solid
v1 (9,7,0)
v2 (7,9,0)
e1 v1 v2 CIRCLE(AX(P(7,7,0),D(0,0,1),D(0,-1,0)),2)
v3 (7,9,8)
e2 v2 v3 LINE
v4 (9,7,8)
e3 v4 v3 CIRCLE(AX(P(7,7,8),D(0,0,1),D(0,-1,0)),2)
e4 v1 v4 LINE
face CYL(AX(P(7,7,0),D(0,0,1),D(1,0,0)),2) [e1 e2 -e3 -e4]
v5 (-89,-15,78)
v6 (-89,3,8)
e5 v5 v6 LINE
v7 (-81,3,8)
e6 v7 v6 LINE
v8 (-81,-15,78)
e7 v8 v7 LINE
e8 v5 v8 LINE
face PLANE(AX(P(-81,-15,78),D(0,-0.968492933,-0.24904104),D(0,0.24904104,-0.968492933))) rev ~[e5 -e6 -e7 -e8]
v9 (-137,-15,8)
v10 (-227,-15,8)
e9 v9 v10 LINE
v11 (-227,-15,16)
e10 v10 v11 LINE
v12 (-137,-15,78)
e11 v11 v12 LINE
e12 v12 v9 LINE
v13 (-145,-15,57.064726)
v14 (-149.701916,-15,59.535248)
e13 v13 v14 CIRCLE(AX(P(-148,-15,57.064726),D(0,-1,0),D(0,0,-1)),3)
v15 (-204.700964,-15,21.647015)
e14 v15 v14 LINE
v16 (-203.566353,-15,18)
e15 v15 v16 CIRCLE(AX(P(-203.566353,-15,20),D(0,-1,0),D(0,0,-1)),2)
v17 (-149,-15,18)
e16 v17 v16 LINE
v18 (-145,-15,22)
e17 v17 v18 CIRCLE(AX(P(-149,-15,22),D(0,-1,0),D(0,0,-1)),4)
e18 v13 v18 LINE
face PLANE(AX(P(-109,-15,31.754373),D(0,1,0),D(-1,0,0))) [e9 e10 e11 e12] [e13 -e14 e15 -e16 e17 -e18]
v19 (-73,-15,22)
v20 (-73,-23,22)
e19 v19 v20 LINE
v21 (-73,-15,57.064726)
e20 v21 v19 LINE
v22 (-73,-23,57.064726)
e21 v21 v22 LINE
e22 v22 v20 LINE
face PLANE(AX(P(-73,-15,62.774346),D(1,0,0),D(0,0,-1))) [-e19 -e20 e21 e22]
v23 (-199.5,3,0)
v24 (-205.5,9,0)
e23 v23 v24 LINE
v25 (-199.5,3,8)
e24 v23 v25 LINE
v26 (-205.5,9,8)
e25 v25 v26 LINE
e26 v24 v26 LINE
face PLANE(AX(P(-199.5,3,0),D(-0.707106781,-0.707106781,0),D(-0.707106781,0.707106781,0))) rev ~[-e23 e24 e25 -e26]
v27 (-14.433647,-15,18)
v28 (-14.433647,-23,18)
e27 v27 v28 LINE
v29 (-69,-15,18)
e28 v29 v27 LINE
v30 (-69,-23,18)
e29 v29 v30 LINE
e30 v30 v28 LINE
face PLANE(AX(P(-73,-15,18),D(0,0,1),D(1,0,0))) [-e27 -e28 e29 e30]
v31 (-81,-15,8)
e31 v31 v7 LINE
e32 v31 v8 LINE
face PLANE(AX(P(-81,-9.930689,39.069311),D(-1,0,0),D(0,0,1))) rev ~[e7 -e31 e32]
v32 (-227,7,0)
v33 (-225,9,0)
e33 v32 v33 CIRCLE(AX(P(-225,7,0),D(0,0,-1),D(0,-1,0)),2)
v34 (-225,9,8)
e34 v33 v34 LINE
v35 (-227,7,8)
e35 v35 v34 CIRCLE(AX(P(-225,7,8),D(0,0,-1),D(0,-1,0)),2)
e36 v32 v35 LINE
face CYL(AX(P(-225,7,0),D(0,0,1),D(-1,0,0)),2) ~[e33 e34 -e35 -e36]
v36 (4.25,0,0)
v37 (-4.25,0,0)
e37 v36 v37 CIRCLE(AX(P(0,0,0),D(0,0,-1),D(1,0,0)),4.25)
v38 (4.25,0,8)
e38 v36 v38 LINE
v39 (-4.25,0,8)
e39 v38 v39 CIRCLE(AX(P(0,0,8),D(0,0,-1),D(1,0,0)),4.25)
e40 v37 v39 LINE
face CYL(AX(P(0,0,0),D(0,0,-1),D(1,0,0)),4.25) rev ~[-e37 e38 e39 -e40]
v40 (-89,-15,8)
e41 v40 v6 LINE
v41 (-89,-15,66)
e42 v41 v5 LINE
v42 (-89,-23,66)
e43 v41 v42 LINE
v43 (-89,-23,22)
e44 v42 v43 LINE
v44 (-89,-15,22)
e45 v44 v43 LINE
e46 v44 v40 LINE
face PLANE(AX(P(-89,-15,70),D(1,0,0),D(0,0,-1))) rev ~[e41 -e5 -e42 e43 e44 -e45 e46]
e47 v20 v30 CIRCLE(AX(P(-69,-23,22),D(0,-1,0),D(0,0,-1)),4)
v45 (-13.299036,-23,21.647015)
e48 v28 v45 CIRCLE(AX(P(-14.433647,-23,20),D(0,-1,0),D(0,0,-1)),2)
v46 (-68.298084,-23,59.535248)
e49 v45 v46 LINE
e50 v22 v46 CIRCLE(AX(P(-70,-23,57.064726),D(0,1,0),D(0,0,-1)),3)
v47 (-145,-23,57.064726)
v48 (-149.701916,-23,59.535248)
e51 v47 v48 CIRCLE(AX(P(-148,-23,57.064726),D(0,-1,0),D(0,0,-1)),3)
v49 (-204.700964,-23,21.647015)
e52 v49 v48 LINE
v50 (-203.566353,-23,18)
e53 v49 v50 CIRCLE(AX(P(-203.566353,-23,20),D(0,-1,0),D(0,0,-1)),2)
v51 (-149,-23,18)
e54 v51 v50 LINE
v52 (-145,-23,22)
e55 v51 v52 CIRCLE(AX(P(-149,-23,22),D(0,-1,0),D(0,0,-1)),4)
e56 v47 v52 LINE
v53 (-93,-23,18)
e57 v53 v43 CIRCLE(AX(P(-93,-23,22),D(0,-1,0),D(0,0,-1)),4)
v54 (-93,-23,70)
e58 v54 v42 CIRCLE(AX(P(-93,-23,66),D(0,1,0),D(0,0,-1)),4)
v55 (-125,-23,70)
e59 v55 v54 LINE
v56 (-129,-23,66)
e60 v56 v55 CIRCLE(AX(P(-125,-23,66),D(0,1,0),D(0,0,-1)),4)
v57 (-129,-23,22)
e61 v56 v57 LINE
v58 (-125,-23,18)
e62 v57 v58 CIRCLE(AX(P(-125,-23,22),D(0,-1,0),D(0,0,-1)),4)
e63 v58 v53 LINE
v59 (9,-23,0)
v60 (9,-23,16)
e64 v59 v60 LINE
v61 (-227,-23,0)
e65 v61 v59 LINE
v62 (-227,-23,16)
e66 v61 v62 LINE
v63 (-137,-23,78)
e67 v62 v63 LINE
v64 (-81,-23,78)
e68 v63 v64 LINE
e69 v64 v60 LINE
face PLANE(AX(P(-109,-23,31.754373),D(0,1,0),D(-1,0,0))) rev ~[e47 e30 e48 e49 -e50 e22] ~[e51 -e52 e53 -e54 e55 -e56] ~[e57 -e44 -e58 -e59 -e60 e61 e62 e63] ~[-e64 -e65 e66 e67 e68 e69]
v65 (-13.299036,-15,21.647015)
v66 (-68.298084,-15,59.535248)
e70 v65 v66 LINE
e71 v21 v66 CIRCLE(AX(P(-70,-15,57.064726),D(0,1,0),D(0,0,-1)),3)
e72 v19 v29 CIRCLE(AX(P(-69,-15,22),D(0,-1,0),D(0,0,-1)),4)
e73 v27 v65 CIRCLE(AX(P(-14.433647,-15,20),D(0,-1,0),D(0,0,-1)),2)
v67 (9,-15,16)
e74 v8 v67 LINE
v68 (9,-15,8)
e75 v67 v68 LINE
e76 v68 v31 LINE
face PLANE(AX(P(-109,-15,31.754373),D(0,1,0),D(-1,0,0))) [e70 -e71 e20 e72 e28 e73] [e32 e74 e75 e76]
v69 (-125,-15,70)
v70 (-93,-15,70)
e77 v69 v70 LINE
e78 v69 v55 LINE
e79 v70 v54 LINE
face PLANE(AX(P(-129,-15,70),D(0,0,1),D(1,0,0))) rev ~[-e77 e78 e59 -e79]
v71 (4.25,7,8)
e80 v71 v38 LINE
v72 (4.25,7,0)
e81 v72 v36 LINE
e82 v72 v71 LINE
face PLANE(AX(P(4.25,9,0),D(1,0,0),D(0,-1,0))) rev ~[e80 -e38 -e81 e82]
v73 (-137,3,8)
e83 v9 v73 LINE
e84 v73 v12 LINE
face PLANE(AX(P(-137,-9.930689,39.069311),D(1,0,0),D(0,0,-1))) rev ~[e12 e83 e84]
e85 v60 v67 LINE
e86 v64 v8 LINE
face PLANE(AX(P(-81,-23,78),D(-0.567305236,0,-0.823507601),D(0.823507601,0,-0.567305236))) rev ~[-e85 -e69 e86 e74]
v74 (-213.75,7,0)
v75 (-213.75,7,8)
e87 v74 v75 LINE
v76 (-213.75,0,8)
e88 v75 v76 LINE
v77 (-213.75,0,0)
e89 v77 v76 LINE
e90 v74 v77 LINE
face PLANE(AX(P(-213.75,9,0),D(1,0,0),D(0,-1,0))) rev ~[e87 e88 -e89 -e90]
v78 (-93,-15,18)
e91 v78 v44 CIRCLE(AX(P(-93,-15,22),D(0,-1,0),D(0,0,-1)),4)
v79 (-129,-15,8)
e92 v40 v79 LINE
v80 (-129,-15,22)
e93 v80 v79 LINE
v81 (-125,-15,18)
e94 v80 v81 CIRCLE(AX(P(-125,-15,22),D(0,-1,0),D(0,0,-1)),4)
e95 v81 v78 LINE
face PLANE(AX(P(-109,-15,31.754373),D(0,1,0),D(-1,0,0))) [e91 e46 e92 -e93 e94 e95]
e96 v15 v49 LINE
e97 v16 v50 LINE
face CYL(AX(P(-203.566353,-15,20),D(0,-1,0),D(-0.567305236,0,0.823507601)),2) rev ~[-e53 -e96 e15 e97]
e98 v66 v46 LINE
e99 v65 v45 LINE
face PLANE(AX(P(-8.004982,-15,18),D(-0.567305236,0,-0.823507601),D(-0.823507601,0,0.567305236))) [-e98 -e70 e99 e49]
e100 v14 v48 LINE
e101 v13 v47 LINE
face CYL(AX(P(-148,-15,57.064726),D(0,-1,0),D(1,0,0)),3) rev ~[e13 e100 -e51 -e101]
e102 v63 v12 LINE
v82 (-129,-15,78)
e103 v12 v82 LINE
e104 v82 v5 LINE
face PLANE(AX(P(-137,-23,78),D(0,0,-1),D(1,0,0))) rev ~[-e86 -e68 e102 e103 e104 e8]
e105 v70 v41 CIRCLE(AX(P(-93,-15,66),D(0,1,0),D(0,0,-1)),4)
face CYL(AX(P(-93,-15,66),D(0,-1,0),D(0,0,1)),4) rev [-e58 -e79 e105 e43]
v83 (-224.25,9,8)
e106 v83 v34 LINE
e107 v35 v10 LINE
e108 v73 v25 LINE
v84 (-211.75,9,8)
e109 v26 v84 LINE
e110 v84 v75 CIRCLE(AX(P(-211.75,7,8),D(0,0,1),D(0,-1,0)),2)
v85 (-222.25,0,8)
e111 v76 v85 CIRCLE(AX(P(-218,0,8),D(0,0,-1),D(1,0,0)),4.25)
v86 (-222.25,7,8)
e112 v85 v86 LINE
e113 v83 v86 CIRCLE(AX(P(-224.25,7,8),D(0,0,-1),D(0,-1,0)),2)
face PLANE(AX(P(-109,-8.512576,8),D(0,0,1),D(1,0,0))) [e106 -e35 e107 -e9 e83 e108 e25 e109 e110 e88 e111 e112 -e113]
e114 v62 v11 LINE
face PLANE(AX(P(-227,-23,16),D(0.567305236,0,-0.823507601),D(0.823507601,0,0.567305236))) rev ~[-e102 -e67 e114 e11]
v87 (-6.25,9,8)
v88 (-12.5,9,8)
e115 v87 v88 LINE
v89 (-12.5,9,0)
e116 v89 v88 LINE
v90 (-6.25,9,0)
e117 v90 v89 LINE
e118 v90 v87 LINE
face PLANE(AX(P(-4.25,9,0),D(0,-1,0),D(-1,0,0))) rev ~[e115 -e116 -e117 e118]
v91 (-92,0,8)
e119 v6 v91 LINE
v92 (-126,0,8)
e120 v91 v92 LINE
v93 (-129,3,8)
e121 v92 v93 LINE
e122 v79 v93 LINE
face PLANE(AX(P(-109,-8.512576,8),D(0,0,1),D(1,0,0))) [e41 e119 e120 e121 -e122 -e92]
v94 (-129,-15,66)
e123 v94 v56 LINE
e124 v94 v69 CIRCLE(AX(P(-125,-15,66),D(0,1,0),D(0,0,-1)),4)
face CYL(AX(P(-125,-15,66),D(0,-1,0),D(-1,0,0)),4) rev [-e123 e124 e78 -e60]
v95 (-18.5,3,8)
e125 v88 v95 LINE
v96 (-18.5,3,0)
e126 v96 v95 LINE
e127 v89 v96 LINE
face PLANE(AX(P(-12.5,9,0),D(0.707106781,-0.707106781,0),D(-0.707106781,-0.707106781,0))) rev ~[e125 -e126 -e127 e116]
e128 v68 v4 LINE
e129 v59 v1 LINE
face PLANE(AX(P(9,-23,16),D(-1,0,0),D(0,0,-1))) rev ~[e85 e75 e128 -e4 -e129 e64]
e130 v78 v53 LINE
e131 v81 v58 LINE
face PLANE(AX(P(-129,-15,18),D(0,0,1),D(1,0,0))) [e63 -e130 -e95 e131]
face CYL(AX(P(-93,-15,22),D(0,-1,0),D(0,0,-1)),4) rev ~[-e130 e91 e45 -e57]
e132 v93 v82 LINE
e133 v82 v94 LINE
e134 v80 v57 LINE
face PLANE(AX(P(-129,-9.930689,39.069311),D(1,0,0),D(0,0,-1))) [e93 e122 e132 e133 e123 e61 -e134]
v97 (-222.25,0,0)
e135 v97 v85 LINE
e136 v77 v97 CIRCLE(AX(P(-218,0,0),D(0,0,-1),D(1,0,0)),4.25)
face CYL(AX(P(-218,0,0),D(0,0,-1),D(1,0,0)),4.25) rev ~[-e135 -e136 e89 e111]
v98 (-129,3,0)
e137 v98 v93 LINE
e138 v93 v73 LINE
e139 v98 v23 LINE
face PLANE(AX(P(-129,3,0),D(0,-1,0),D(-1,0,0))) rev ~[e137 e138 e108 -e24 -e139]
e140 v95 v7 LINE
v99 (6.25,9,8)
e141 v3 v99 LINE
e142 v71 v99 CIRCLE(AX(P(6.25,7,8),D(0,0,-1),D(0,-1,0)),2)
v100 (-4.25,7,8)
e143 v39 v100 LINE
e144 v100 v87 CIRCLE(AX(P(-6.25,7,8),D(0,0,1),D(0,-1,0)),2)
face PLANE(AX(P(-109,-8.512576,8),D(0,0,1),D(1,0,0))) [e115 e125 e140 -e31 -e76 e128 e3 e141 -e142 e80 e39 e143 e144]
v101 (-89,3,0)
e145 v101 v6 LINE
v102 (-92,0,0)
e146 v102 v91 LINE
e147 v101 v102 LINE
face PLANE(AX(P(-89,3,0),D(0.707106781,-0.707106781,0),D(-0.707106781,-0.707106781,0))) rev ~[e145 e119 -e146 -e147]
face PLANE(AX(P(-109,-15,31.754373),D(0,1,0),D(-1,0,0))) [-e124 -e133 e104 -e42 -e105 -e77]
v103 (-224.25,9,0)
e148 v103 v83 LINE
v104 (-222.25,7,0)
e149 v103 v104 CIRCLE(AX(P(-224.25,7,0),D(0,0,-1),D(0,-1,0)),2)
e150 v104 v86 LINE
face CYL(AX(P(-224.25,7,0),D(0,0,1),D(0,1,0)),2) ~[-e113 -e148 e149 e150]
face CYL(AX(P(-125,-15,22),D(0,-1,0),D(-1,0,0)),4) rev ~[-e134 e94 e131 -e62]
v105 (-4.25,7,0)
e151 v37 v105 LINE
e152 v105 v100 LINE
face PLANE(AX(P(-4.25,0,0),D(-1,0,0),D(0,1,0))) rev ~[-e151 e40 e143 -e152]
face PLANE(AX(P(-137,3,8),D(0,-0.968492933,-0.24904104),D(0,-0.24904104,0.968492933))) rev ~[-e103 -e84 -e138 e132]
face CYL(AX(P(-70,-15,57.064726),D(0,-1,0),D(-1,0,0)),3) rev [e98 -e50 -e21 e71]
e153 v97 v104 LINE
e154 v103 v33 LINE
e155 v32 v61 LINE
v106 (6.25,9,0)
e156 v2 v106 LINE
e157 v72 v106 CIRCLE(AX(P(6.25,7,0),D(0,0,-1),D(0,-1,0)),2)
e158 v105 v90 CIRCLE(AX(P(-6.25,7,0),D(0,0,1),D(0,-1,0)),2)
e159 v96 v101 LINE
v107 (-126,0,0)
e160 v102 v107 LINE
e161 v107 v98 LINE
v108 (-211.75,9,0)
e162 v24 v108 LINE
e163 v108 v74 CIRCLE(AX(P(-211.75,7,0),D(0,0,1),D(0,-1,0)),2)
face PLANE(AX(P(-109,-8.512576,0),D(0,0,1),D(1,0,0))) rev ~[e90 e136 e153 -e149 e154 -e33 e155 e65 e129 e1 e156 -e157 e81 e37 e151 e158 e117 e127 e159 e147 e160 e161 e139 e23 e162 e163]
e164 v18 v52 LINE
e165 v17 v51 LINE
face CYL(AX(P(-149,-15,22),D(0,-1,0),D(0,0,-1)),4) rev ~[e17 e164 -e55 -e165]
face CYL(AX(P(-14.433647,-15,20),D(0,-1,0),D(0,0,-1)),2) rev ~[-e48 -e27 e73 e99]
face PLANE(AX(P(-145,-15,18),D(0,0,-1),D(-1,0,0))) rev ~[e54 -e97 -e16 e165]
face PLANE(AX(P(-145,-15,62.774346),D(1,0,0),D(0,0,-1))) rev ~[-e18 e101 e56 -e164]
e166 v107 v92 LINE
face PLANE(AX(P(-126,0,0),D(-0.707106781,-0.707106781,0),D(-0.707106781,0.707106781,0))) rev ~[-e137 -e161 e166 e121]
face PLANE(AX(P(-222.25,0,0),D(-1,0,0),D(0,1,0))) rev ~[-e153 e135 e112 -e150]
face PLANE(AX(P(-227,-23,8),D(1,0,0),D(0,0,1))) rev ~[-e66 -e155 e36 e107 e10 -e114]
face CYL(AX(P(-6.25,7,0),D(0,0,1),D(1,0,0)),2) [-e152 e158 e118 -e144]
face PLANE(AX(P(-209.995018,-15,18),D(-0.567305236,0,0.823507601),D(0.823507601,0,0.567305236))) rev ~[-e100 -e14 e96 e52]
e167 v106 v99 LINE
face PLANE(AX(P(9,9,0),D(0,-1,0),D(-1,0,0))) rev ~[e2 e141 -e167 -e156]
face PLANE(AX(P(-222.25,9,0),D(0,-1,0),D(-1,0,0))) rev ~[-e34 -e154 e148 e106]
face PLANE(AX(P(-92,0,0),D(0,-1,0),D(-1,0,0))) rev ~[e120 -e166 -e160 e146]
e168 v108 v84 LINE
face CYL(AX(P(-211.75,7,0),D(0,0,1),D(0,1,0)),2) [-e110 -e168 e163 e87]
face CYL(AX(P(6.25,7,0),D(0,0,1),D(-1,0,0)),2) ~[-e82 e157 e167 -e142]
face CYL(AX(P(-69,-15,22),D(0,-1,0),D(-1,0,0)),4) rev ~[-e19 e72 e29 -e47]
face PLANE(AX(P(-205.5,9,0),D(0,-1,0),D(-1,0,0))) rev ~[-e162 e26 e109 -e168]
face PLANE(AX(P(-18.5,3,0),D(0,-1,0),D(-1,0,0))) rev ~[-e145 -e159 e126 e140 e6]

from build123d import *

# Parameters (mm, degrees)
BOSS_EXTRUDE1_DEPTH = 8
BOSS_EXTRUDE2_DEPTH = 8
BOSS_EXTRUDE3_DEPTH = 8
BOSS_EXTRUDE4_DEPTH = 8
SKETCH6_W           = 40
SKETCH6_H           = 52
CUT_EXTRUDE1_DEPTH  = 9
CUT_EXTRUDE2_DEPTH  = 9
FILLET1_R           = 4
FILLET2_R           = 2
FILLET3_R           = 4
FILLET4_R           = 3
FILLET5_R           = 2


with BuildPart() as part:
    # Sketch1 → Boss-Extrude1 (new body)
    with BuildSketch(Plane.XY):
        with BuildLine():
            Line((4.25, 9), (4.25, 0))
            ThreePointArc((4.25, 0), (0, -4.25), (-4.25, 0))
            Line((-4.25, 0), (-4.25, 9))
            Line((-4.25, 9), (-12.5, 9))
            Line((-12.5, 9), (-18.5, 3))
            Line((-18.5, 3), (-89, 3))
            Line((-89, 3), (-92, 0))
            Line((-92, 0), (-126, 0))
            Line((-126, 0), (-129, 3))
            Line((-129, 3), (-199.5, 3))
            Line((-199.5, 3), (-205.5, 9))
            Line((-205.5, 9), (-213.75, 9))
            Line((-213.75, 9), (-213.75, 0))
            ThreePointArc((-213.75, 0), (-218, -4.25), (-222.25, 0))
            Line((-222.25, 0), (-222.25, 9))
            Line((-222.25, 9), (-227, 9))
            Line((-227, 9), (-227, -23))
            Line((-227, -23), (9, -23))
            Line((9, -23), (9, 9))
            Line((9, 9), (4.25, 9))
        make_face()
    extrude(amount=BOSS_EXTRUDE1_DEPTH)

    # Sketch2 → Boss-Extrude2 (add)
    with BuildSketch(Plane.XZ.offset(23)):
        Polygon((-227, 8), (-227, 16), (-137, 78), (-81, 78), (9, 16), (9, 8), align=None)
    extrude(amount=-BOSS_EXTRUDE2_DEPTH)

    # Sketch4 → Boss-Extrude3 (add)
    with BuildSketch(Plane(origin=(-81, 0, 0), x_dir=(0, 0, -1), z_dir=(1, 0, 0))):
        Polygon((-78, -15), (-8, 3), (-8, 0), (-8, -15), align=None)
    extrude(amount=-BOSS_EXTRUDE3_DEPTH)

    # Sketch5 → Boss-Extrude4 (add)
    with BuildSketch(Plane(origin=(-137, 0, 0), x_dir=(0, 0, -1), z_dir=(1, 0, 0))):
        Polygon((-8, 3), (-78, -15), (-8, -15), (-8, 0), align=None)
    extrude(amount=BOSS_EXTRUDE4_DEPTH)

    # Sketch6 → Cut-Extrude1 (cut, through all)
    with BuildSketch(Plane(origin=(0, -15, 0), x_dir=(1, 0, 0), z_dir=(0, 1, 0))):
        with Locations((-109, -44)):
            Rectangle(SKETCH6_W, SKETCH6_H)
    extrude(amount=-CUT_EXTRUDE1_DEPTH, mode=Mode.SUBTRACT)

    # Sketch7 → Cut-Extrude2 (cut, through all)
    with BuildSketch(Plane(origin=(0, -15, 0), x_dir=(1, 0, 0), z_dir=(0, 1, 0))):
        Polygon((-73, -18), (-8.004981773, -18), (-73, -62.77434589), align=None)
        Polygon((-145, -18), (-209.995018227, -18), (-145, -62.77434589), align=None)
    extrude(amount=-CUT_EXTRUDE2_DEPTH, mode=Mode.SUBTRACT)

    # Fillet1
    fillet1_edges = [part.edges().sort_by_distance(p)[0] for p in [
        (-129, -19, 18),
        (-89, -19, 18),
        (-73, -19, 18),
        (-145, -19, 18),
    ]]
    fillet(fillet1_edges, radius=FILLET1_R)

    # Fillet2
    fillet2_edges = [part.edges().sort_by_distance(p)[0] for p in [
        (-8.004981773, -19, 18),
        (-209.995018227, -19, 18),
    ]]
    fillet(fillet2_edges, radius=FILLET2_R)

    # Fillet3
    fillet3_edges = [part.edges().sort_by_distance(p)[0] for p in [
        (-129, -19, 70),
        (-89, -19, 70),
    ]]
    fillet(fillet3_edges, radius=FILLET3_R)

    # Fillet4
    fillet4_edges = [part.edges().sort_by_distance(p)[0] for p in [
        (-73, -19, 62.77434589),
        (-145, -19, 62.77434589),
    ]]
    fillet(fillet4_edges, radius=FILLET4_R)

    # Fillet5
    fillet5_edges = [part.edges().sort_by_distance(p)[0] for p in [
        (9, 9, 4),
        (4.25, 9, 4),
        (-4.25, 9, 4),
        (-213.75, 9, 4),
        (-222.25, 9, 4),
        (-227, 9, 4),
    ]]
    fillet(fillet5_edges, radius=FILLET5_R)


solid = part.part
